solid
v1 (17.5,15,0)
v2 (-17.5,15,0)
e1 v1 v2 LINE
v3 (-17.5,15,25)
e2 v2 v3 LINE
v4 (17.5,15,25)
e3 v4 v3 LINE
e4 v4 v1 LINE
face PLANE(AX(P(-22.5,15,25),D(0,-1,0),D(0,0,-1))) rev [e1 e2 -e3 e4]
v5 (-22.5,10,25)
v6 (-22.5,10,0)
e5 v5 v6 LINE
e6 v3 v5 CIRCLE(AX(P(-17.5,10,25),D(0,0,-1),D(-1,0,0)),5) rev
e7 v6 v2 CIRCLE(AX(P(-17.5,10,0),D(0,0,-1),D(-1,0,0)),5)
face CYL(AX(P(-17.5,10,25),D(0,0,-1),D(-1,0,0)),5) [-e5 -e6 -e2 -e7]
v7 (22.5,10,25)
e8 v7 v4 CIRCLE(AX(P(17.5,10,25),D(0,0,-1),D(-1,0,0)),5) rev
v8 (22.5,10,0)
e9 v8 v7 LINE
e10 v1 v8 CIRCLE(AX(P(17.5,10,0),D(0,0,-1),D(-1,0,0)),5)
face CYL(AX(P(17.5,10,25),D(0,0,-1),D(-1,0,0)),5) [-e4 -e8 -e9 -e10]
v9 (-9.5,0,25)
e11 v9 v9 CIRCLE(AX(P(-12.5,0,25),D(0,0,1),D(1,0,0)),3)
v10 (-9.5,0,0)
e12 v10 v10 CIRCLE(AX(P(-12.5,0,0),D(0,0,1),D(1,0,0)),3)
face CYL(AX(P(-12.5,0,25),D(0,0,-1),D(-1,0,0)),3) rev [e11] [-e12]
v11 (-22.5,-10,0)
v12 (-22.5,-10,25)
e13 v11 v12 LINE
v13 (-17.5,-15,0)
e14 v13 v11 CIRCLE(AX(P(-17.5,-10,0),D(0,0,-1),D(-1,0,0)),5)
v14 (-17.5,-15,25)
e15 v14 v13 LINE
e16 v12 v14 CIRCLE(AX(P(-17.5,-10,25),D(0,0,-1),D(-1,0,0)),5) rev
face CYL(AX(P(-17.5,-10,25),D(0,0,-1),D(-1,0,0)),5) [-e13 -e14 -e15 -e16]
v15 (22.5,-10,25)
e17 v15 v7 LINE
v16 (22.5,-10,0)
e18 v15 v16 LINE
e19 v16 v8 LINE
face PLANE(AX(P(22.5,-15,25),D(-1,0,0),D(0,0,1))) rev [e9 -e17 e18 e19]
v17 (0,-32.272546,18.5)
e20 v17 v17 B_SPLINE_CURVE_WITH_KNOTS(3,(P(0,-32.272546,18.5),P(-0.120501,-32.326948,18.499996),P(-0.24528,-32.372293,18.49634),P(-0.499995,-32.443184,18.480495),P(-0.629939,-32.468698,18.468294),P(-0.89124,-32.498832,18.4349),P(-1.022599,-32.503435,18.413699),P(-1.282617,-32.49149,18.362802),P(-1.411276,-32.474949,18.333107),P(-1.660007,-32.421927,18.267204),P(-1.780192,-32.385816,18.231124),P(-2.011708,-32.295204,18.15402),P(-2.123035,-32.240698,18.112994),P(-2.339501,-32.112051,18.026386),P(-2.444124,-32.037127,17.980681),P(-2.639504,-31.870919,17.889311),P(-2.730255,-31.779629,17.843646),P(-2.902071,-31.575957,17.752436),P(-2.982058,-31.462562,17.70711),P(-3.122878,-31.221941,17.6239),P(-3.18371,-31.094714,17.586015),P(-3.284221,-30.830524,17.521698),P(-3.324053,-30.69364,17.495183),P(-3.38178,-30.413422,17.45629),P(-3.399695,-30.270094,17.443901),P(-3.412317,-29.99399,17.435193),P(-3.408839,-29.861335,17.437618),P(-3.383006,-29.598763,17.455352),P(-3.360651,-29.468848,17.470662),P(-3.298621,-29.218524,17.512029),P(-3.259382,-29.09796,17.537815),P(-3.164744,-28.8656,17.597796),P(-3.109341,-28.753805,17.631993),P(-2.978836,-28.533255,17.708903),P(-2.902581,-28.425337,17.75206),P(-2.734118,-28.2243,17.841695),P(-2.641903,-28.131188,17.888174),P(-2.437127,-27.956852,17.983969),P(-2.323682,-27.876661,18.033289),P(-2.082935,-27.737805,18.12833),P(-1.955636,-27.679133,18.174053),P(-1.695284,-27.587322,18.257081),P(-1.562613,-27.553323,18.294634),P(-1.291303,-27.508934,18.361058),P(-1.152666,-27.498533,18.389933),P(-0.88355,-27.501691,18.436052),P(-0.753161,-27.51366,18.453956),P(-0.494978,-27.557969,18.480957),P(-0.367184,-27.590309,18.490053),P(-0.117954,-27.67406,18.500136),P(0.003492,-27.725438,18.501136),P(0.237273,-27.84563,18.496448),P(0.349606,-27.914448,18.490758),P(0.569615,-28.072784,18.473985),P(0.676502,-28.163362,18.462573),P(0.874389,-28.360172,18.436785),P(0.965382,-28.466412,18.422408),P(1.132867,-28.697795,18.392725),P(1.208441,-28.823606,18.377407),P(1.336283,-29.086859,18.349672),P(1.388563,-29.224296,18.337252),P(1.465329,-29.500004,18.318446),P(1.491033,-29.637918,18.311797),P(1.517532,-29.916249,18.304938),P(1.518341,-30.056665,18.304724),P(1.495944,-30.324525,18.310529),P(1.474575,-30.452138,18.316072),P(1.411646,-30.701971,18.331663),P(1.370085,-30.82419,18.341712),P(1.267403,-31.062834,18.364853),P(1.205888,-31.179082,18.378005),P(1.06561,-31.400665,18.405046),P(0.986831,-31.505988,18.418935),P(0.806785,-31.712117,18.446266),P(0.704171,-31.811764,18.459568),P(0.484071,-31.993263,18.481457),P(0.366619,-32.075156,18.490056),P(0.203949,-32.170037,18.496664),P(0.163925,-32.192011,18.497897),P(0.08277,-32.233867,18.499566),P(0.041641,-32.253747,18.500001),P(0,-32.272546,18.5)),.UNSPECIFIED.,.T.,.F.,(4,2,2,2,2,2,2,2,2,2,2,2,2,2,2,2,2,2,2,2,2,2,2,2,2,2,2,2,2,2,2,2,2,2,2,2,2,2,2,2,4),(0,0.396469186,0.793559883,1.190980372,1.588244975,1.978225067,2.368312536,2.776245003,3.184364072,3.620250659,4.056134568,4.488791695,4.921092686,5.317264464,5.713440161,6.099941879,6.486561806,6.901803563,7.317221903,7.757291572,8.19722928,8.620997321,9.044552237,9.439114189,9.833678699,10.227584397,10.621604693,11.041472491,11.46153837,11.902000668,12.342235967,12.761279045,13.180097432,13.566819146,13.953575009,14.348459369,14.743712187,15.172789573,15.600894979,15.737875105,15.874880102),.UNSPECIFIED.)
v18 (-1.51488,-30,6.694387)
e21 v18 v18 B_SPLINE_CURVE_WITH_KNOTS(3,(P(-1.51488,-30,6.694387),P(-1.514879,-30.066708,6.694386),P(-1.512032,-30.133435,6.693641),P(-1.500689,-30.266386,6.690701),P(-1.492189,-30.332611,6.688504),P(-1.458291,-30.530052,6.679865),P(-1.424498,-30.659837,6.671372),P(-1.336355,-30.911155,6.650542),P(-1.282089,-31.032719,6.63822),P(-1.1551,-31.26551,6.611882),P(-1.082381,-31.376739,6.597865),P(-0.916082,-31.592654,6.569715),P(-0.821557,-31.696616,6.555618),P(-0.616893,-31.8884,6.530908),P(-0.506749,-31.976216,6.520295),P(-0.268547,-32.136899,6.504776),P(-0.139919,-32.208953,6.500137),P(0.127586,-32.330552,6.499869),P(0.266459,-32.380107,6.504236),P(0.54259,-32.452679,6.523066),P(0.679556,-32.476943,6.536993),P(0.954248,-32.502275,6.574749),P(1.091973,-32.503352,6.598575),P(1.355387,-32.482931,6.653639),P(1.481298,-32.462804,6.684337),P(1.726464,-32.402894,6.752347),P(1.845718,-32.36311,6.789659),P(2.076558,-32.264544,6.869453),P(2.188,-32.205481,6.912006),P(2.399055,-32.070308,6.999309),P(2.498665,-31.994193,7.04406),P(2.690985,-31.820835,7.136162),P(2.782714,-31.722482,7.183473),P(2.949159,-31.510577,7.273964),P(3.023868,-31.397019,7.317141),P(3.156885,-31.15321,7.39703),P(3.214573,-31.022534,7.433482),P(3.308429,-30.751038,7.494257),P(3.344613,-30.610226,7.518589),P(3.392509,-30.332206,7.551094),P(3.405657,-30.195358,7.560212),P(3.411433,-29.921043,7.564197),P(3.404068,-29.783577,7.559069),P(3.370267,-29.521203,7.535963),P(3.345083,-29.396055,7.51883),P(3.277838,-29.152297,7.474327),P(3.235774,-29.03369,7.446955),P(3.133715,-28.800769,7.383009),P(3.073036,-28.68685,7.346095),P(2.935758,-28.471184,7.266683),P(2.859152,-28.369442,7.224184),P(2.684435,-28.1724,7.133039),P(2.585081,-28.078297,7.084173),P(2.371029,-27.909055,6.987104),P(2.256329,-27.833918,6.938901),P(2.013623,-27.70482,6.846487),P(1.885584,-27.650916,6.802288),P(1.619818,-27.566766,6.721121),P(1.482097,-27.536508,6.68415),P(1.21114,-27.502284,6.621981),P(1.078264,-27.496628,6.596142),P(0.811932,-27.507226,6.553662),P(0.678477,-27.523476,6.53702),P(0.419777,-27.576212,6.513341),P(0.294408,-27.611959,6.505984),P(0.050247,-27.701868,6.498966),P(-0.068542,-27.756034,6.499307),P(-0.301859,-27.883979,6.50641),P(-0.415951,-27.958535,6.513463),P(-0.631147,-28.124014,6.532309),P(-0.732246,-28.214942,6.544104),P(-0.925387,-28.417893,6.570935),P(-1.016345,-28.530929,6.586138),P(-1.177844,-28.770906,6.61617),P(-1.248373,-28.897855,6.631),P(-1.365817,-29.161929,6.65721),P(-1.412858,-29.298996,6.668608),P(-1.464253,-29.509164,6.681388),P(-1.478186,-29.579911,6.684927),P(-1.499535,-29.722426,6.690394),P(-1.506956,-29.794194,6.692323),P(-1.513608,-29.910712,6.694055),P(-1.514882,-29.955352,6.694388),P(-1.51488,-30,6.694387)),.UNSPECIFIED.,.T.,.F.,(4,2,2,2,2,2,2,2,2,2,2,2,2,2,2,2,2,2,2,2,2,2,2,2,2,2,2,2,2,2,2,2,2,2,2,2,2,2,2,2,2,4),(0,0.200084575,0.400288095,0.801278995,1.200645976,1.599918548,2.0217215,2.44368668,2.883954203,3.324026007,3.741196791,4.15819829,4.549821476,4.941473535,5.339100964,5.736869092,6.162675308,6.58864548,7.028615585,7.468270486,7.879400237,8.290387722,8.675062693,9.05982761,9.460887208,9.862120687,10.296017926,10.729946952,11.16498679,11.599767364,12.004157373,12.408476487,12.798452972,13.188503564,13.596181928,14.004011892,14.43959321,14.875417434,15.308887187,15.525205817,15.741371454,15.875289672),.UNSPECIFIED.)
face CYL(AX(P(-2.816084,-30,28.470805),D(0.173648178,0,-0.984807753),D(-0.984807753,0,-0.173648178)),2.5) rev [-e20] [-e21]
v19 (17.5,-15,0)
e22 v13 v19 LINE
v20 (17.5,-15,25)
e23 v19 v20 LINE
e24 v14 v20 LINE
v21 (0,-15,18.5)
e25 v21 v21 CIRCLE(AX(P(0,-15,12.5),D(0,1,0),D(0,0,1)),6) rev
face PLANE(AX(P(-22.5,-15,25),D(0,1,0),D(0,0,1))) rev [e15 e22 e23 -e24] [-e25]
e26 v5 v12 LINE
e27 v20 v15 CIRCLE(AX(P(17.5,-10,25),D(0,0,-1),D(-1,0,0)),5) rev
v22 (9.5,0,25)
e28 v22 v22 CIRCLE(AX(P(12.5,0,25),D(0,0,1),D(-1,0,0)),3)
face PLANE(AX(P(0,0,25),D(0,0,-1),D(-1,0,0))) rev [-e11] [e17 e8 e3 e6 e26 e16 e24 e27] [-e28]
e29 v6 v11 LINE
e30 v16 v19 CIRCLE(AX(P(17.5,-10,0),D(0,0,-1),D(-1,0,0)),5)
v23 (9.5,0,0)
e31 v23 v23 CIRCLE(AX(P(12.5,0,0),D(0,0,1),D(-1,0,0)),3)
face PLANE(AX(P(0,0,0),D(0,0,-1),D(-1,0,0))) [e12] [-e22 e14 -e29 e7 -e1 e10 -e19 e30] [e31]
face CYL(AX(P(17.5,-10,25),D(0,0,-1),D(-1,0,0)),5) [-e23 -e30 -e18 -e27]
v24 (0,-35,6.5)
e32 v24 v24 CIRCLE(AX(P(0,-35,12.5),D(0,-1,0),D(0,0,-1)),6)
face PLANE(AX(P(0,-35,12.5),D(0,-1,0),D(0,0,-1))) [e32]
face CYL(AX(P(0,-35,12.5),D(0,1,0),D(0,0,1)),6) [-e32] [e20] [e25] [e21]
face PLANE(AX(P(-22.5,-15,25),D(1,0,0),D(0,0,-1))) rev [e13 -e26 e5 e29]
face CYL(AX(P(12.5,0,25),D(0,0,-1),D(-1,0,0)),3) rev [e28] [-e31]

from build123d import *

# Parameters (mm, degrees)
SKETCH_1_W               = 45
SKETCH_1_H               = 30
SKETCH_1_R               = 3
EXTRUDE_1_DEPTH          = 25
FILLET_1_R               = 5
SKETCH_2_R               = 6
EXTRUDE_2_DEPTH          = 20
CUT_EXTRUDE_1_DEPTH      = 45.697065981
CUT_EXTRUDE_1_DEPTH_BACK = 45.697065981
SKETCH_3_R               = 2.5


with BuildPart() as part:
    # 草图1 → 凸台-拉伸1 (new body)
    with BuildSketch(Plane.XY):
        Rectangle(SKETCH_1_W, SKETCH_1_H)
        with Locations((-12.5, 0)):
            Circle(SKETCH_1_R, mode=Mode.SUBTRACT)
        with Locations((12.5, 0)):
            Circle(SKETCH_1_R, mode=Mode.SUBTRACT)
    extrude(amount=EXTRUDE_1_DEPTH)

    # 圆角1
    fillet_1_edges = [part.edges().sort_by_distance(p)[0] for p in [
        (22.5, 15, 12.5),
        (22.5, -15, 12.5),
        (-22.5, -15, 12.5),
        (-22.5, 15, 12.5),
    ]]
    fillet(fillet_1_edges, radius=FILLET_1_R)

    # 草图2 → 凸台-拉伸2 (add)
    with BuildSketch(Plane.XZ.offset(15)):
        with Locations((0, 12.5)):
            Circle(SKETCH_2_R)
    extrude(amount=EXTRUDE_2_DEPTH)

    # 草图3 → 切除-拉伸1 (cut, two sides: drawn at the far end of the back side and taken through both)
    with BuildSketch(Plane(origin=(-2.137625896, 0, 12.12307888), x_dir=(-0.9848077530122086, 0, -0.17364817766692736), z_dir=(0.17364817766692736, 0, -0.9848077530122086)).offset(-CUT_EXTRUDE_1_DEPTH_BACK)):
        with Locations((-2.170602221, -30)):
            Circle(SKETCH_3_R)
    extrude(amount=CUT_EXTRUDE_1_DEPTH + CUT_EXTRUDE_1_DEPTH_BACK, mode=Mode.SUBTRACT)


solid = part.part
